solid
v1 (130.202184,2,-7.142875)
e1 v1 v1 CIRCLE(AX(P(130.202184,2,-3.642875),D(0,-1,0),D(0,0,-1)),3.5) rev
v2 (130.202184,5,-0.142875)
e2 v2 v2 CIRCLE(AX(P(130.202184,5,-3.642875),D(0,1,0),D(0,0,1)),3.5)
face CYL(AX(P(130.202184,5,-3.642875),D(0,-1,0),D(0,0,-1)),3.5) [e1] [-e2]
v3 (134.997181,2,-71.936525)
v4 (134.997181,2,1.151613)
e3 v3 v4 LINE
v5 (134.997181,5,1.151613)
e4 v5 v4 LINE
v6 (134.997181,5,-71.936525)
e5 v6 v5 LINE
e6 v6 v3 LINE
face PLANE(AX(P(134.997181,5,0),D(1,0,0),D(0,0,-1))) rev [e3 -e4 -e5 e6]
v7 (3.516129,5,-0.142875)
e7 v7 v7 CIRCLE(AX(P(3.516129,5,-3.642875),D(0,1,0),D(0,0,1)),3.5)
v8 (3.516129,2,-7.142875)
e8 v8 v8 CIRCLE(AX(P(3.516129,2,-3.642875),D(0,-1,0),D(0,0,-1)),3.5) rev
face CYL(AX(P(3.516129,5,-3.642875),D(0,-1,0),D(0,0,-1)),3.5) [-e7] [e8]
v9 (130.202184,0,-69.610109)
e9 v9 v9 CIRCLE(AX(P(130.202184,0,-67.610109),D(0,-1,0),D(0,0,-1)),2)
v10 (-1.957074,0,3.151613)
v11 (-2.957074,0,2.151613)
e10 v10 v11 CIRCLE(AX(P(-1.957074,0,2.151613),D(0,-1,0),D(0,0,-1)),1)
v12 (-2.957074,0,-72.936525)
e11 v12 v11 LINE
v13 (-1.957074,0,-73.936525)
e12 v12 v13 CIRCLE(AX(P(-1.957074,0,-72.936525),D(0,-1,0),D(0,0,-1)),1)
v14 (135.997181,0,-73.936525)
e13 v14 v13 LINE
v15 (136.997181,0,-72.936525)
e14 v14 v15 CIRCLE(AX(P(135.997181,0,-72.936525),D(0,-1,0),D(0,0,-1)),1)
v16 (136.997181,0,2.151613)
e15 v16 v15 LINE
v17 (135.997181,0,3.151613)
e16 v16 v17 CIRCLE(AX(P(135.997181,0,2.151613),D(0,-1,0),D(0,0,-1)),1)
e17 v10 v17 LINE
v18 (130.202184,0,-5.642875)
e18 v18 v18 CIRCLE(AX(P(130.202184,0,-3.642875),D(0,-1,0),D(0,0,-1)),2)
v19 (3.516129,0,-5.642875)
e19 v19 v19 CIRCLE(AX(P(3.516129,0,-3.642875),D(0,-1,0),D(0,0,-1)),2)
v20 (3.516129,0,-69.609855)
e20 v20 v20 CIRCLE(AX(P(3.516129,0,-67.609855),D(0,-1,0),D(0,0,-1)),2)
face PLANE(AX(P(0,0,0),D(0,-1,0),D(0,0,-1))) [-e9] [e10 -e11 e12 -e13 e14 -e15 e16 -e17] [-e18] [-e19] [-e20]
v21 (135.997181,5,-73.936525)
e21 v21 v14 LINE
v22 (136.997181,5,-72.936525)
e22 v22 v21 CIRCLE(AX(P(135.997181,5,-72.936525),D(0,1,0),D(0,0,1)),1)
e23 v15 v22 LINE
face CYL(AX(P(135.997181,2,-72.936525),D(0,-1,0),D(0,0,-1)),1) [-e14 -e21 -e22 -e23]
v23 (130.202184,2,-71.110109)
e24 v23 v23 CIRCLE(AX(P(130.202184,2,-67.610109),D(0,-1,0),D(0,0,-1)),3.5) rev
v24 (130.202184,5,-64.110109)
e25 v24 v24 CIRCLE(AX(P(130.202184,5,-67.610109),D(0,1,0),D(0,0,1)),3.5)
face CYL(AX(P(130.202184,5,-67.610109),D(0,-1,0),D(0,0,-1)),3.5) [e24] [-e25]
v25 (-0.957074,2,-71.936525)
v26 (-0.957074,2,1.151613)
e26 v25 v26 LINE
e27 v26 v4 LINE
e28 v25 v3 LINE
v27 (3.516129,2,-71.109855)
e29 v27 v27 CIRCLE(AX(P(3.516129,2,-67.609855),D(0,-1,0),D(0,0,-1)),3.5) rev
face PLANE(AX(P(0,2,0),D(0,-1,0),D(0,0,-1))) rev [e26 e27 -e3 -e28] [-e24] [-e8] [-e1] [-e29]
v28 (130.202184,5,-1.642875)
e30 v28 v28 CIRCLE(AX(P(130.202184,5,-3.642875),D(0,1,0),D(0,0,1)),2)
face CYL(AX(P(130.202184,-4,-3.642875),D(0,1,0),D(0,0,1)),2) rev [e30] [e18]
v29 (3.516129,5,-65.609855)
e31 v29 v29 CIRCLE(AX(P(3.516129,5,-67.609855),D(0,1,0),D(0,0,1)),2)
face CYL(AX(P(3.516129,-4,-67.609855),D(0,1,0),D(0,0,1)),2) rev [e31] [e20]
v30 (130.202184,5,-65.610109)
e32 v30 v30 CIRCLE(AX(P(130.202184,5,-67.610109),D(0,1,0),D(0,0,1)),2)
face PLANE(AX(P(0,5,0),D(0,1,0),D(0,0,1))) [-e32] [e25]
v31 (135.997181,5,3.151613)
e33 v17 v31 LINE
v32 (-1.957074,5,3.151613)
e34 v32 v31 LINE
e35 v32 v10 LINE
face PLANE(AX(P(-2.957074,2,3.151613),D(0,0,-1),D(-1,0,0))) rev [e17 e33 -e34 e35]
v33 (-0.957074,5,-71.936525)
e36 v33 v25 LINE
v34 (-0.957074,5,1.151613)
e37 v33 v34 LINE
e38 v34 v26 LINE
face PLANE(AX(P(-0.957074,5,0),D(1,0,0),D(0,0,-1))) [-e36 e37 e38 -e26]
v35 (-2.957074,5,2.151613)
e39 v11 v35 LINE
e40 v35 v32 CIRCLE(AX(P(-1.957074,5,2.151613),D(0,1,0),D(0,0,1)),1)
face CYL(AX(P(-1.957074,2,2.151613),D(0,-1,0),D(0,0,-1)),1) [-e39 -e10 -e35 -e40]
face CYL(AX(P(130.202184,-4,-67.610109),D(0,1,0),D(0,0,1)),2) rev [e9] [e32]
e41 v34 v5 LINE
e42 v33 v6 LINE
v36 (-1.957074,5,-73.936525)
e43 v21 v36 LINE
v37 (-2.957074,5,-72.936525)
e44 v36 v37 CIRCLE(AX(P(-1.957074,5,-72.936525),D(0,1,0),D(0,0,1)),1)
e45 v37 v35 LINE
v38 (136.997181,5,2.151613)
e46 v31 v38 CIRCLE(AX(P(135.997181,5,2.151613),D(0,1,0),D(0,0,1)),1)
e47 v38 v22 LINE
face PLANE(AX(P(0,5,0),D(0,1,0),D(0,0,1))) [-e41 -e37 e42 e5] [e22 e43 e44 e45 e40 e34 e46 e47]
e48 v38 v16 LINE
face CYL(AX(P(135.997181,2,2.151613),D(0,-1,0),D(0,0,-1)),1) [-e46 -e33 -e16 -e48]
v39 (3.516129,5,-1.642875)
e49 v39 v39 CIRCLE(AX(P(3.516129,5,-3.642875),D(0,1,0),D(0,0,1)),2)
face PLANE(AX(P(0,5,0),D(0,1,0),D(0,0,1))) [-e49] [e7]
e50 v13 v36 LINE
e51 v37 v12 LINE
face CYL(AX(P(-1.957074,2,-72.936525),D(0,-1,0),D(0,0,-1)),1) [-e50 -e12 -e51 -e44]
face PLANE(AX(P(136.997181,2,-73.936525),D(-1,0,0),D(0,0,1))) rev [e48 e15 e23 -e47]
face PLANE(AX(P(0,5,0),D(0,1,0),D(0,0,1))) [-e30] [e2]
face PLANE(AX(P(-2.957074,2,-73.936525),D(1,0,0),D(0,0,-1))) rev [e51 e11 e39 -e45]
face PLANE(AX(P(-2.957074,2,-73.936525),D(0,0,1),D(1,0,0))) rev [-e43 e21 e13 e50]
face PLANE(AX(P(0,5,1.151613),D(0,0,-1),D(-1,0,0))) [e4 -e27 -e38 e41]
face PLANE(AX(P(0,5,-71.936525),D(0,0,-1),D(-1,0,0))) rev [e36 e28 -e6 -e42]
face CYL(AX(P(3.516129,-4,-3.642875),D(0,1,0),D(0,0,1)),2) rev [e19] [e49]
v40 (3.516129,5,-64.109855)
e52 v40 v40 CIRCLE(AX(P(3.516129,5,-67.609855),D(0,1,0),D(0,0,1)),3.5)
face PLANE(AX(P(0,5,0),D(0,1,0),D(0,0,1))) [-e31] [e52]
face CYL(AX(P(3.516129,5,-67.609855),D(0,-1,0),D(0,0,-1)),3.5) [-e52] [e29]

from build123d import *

# Parameters (mm, degrees)
SKETCH2_W           = 139.954254508
SKETCH2_H           = 77.088138176
BOSS_EXTRUDE1_DEPTH = 2
SKETCH3_W           = 139.954254508
SKETCH3_H           = 77.088138176
SKETCH3_W_2         = 135.954254508
SKETCH3_H_2         = 73.088138176
SKETCH3_R           = 3.5
BOSS_EXTRUDE2_DEPTH = 3
SKETCH4_R           = 2
CUT_EXTRUDE1_DEPTH  = 9
FILLET1_R           = 1


with BuildPart() as part:
    # Sketch2 → Boss-Extrude1 (new body)
    with BuildSketch(Plane(origin=(0, 0, 0), x_dir=(1, 0, 0), z_dir=(0, 1, 0))):
        with Locations((67.02005334, 35.392456185)):
            Rectangle(SKETCH2_W, SKETCH2_H)
    extrude(amount=BOSS_EXTRUDE1_DEPTH)

    # Sketch3 → Boss-Extrude2 (add)
    # profile 1 of 5: a face of its own
    with BuildSketch(Plane(origin=(0, 2, 0), x_dir=(1, 0, 0), z_dir=(0, 1, 0))):
        with Locations((67.02005334, 35.392456185)):
            Rectangle(SKETCH3_W, SKETCH3_H)
        with Locations((67.02005334, 35.392456185)):
            Rectangle(SKETCH3_W_2, SKETCH3_H_2, mode=Mode.SUBTRACT)
    # profile 2 of 5: a face of its own
    with BuildSketch(Plane(origin=(0, 2, 0), x_dir=(1, 0, 0), z_dir=(0, 1, 0))):
        with Locations(Location((3.516129032, 3.642875286, 0), (0, 0, 90))):
            Circle(SKETCH3_R)
    # profile 3 of 5: a face of its own
    with BuildSketch(Plane(origin=(0, 2, 0), x_dir=(1, 0, 0), z_dir=(0, 1, 0))):
        with Locations(Location((3.516129032, 67.60985522, 0), (0, 0, 90))):
            Circle(SKETCH3_R)
    # profile 4 of 5: a face of its own
    with BuildSketch(Plane(origin=(0, 2, 0), x_dir=(1, 0, 0), z_dir=(0, 1, 0))):
        with Locations(Location((130.202184404, 67.61010922, 0), (0, 0, 90))):
            Circle(SKETCH3_R)
    # profile 5 of 5: a face of its own
    with BuildSketch(Plane(origin=(0, 2, 0), x_dir=(1, 0, 0), z_dir=(0, 1, 0))):
        with Locations(Location((130.202184404, 3.642875286, 0), (0, 0, 90))):
            Circle(SKETCH3_R)
    extrude(amount=BOSS_EXTRUDE2_DEPTH)

    # Sketch4 → Cut-Extrude1 (cut)
    with BuildSketch(Plane(origin=(0, 5, 0), x_dir=(1, 0, 0), z_dir=(0, 1, 0))):
        with Locations(Location((3.516129032, 67.60985522, 0), (0, 0, 270))):
            Circle(SKETCH4_R)
        with Locations(Location((130.202184404, 67.61010922, 0), (0, 0, 270))):
            Circle(SKETCH4_R)
        with Locations(Location((130.202184404, 3.642875286, 0), (0, 0, 270))):
            Circle(SKETCH4_R)
        with Locations(Location((3.516129032, 3.642875286, 0), (0, 0, 270))):
            Circle(SKETCH4_R)
    extrude(amount=-CUT_EXTRUDE1_DEPTH, mode=Mode.SUBTRACT)

    # Fillet1
    fillet1_edges = [part.edges().sort_by_distance(p)[0] for p in [
        (136.997180594, 2.5, -73.936525273),
        (136.997180594, 2.5, 3.151612903),
        (-2.957073914, 2.5, 3.151612903),
        (-2.957073914, 2.5, -73.936525273),
    ]]
    fillet(fillet1_edges, radius=FILLET1_R)


solid = part.part
